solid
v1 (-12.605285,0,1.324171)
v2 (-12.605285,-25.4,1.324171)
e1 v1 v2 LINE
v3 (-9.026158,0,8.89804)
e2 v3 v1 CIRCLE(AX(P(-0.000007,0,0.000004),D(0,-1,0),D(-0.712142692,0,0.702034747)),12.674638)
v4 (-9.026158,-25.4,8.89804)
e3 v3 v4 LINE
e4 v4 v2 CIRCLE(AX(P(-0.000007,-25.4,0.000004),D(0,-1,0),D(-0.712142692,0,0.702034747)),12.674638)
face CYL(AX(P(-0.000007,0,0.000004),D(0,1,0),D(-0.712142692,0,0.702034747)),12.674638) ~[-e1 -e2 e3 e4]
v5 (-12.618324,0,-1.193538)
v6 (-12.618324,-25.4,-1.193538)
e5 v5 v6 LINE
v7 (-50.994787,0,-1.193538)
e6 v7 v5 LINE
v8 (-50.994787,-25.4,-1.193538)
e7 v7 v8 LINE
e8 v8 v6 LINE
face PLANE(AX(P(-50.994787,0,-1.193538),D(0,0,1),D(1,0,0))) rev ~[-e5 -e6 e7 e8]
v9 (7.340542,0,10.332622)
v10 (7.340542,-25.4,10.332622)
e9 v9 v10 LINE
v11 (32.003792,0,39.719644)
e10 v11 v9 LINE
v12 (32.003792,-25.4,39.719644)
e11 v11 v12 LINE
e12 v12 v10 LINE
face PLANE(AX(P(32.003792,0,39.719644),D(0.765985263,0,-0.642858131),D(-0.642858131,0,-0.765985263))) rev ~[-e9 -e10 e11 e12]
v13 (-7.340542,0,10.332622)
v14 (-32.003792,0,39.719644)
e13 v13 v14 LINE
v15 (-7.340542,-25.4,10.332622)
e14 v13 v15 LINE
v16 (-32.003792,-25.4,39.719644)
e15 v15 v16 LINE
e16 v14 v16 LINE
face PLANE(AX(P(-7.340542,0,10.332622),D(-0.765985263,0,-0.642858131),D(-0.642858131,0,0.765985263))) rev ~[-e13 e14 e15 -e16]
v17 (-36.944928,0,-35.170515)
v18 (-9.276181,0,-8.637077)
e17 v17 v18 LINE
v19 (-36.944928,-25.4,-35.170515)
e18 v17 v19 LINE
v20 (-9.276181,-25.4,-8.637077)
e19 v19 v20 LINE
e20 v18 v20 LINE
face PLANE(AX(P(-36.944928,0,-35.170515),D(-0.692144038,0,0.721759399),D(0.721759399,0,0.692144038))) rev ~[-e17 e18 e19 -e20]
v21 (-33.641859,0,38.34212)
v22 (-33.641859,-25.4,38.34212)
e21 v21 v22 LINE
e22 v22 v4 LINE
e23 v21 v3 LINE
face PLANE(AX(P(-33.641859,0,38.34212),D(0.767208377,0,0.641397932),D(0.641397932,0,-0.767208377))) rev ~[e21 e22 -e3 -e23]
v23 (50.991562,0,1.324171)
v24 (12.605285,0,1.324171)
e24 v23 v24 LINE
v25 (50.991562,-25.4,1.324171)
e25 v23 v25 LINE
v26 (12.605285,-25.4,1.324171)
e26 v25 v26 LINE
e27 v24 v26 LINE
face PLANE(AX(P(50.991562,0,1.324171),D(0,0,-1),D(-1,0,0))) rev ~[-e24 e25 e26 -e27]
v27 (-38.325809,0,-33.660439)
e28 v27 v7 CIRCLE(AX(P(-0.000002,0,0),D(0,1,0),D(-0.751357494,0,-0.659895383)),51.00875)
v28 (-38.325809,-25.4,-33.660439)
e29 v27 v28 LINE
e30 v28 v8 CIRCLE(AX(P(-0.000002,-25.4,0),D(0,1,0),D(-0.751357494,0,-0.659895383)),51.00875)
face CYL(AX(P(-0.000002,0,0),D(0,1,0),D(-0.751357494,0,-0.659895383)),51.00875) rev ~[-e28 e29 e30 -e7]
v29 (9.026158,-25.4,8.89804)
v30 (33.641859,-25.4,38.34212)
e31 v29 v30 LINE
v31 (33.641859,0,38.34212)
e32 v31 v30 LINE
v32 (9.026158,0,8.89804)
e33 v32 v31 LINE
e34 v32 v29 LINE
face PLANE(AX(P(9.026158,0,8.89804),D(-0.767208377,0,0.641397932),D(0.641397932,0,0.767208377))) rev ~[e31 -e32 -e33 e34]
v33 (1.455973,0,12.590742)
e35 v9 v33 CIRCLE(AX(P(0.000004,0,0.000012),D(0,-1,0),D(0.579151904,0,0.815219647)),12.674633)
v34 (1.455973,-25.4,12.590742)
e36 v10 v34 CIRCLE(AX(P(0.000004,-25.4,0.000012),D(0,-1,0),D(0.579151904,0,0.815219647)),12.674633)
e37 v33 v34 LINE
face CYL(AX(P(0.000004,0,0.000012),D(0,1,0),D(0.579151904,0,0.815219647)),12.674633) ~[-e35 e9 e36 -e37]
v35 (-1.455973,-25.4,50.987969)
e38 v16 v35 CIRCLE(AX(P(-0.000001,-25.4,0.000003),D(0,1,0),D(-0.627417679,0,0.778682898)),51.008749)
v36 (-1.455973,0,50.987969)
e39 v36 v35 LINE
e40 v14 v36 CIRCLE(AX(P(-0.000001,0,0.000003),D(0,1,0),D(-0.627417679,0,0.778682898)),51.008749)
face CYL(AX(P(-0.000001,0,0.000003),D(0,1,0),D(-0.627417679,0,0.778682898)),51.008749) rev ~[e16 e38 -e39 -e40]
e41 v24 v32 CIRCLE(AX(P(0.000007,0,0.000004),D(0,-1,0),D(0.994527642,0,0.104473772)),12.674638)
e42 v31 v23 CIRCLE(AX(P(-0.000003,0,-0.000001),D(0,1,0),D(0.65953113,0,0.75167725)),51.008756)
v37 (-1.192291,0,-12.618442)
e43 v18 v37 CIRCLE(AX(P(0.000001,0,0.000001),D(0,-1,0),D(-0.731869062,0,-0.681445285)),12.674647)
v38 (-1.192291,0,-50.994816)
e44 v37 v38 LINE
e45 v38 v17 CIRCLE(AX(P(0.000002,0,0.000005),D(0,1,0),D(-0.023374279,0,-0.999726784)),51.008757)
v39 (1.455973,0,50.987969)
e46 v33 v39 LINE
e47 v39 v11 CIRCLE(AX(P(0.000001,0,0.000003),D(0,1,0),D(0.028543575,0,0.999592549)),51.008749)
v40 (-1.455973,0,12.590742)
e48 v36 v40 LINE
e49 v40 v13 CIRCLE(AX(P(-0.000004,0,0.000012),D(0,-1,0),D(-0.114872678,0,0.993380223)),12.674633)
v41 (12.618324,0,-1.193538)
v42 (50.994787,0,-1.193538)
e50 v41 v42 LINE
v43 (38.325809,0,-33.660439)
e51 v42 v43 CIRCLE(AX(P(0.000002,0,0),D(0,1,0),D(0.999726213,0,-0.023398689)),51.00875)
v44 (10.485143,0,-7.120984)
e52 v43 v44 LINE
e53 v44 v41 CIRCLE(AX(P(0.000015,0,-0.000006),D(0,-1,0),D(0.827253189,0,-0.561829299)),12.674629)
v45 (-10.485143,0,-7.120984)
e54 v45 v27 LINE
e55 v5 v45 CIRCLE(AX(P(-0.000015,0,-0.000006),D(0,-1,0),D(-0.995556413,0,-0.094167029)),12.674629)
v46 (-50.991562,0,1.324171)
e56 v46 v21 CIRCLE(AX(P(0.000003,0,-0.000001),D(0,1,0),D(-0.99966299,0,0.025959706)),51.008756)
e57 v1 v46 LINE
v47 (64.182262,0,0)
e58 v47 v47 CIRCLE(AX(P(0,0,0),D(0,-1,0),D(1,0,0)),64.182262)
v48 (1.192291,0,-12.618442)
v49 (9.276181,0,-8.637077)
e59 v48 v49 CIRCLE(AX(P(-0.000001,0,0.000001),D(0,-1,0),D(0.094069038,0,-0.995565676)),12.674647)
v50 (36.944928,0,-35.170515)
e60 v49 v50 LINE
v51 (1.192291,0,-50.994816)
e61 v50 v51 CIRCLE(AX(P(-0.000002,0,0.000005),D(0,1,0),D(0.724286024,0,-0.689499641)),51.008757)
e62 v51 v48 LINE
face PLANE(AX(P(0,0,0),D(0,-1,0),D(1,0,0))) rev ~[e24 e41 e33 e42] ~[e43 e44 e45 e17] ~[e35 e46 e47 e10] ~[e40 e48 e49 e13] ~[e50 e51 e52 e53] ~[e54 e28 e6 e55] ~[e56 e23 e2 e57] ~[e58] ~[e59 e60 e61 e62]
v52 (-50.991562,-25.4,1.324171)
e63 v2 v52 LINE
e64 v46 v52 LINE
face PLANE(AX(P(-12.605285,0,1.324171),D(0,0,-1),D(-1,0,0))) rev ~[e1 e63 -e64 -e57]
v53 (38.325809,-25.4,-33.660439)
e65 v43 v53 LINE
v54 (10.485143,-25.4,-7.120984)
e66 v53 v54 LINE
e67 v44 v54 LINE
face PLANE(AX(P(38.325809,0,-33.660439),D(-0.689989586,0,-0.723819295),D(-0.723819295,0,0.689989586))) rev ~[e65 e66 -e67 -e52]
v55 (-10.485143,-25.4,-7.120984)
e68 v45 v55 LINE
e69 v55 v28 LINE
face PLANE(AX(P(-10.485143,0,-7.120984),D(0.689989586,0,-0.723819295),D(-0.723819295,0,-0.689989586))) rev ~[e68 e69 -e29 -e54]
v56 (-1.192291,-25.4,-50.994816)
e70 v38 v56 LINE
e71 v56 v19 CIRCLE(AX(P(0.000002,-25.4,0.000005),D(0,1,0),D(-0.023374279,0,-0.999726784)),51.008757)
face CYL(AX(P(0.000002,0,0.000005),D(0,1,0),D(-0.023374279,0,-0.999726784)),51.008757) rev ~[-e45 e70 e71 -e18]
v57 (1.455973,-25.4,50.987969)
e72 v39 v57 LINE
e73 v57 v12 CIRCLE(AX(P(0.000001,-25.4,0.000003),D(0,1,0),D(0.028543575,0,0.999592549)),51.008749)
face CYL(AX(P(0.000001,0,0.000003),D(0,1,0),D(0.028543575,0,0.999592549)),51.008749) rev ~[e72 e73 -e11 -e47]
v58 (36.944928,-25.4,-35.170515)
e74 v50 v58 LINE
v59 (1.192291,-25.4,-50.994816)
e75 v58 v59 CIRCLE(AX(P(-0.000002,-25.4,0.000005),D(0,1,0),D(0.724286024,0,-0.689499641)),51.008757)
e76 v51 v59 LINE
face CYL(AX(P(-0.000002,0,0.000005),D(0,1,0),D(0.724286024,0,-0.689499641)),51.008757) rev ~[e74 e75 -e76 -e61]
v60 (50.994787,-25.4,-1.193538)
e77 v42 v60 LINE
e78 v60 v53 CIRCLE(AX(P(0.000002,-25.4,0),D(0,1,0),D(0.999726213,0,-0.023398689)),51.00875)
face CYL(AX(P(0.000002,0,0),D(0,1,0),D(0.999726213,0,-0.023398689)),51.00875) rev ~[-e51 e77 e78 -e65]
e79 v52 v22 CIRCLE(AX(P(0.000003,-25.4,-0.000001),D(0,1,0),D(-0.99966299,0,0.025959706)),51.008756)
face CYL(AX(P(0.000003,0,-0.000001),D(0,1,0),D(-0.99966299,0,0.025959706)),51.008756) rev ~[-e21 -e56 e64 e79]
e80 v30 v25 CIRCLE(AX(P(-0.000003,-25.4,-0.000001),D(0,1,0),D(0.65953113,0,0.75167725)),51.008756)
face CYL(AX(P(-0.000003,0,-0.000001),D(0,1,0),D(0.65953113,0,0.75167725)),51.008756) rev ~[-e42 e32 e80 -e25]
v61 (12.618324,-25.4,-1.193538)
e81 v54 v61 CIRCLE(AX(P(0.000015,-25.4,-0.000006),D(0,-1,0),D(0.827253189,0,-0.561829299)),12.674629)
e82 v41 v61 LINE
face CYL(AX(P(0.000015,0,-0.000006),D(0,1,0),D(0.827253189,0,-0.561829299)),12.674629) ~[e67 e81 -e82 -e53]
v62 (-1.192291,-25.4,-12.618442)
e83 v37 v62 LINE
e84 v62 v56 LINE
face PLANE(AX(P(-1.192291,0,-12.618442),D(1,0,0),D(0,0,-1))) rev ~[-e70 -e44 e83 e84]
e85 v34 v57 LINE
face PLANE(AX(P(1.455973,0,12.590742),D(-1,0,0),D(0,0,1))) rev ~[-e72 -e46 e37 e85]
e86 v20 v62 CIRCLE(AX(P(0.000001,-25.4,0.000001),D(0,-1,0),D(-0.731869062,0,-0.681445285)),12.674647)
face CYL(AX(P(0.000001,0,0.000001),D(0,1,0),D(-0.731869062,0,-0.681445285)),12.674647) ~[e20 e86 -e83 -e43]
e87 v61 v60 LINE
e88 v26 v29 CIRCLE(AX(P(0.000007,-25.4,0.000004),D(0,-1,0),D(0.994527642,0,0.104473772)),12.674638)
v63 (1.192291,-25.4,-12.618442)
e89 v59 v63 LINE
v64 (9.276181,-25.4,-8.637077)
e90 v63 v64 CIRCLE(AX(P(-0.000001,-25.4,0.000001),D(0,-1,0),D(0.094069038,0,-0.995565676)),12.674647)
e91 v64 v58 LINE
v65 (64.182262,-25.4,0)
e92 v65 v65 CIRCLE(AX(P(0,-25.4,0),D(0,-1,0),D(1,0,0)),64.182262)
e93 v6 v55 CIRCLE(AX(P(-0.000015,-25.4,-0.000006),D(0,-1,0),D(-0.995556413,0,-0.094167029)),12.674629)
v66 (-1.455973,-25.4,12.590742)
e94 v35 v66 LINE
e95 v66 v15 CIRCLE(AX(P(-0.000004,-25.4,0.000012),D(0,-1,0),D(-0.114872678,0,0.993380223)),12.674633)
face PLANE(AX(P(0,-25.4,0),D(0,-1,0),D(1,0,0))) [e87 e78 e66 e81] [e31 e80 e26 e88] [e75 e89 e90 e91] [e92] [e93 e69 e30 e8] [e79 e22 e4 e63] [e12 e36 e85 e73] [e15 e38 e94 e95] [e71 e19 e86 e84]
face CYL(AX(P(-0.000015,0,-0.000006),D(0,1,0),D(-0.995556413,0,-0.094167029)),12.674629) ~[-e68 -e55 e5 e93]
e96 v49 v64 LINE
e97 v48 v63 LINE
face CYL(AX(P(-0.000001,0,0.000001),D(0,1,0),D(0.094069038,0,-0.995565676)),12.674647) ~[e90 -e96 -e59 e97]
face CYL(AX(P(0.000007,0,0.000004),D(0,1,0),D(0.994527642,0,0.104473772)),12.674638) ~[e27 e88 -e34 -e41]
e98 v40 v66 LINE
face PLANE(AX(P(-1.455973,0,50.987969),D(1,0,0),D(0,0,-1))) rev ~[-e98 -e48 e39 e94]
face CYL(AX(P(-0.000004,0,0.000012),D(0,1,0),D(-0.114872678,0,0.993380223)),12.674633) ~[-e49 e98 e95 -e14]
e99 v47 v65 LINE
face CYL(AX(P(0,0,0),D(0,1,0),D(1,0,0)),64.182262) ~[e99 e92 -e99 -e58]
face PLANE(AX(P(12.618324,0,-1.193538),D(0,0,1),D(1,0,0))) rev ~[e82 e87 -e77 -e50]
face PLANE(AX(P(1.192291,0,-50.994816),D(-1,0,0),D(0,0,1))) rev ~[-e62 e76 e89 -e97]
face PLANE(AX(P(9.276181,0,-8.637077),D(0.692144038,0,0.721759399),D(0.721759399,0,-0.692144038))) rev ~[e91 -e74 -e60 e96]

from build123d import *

# Parameters (mm, degrees)
F0_R     = 64.182262
F1_DEPTH = 25.4


with BuildPart() as f1:
    # F0 (on Front) → F1 (new body)
    with BuildSketch(Plane.XZ):
        Circle(F0_R)
        with BuildLine():
            ThreePointArc((50.991562, 1.324171), (51.004455, 0.662141), (51.008752, 0))
            ThreePointArc((51.008752, 0), (51.005261, -0.59681), (50.994787, -1.193538))
            ThreePointArc((50.994787, -1.193538), (47.519124, -18.542537), (38.325809, -33.660439))
            ThreePointArc((38.325809, -33.660439), (37.642941, -34.422402), (36.944928, -35.170515))
            ThreePointArc((36.944928, -35.170515), (20.644951, -46.644172), (1.192291, -50.994816))
            ThreePointArc((1.192291, -50.994816), (0, -51.008752), (-1.192291, -50.994816))
            ThreePointArc((-1.192291, -50.994816), (-20.644951, -46.644172), (-36.944928, -35.170515))
            ThreePointArc((-36.944928, -35.170515), (-37.642941, -34.422402), (-38.325809, -33.660439))
            ThreePointArc((-38.325809, -33.660439), (-47.519124, -18.542537), (-50.994787, -1.193538))
            ThreePointArc((-50.994787, -1.193538), (-51.00871, 0.065336), (-50.991562, 1.324171))
            ThreePointArc((-50.991562, 1.324171), (-46.18751, 21.647326), (-33.641859, 38.34212))
            ThreePointArc((-33.641859, 38.34212), (-32.830051, 39.039474), (-32.003792, 39.719644))
            ThreePointArc((-32.003792, 39.719644), (-17.653123, 47.856662), (-1.455973, 50.987969))
            ThreePointArc((-1.455973, 50.987969), (0, 51.008752), (1.455973, 50.987969))
            ThreePointArc((1.455973, 50.987969), (17.653123, 47.856662), (32.003792, 39.719644))
            ThreePointArc((32.003792, 39.719644), (32.830051, 39.039474), (33.641859, 38.34212))
            ThreePointArc((33.641859, 38.34212), (46.18751, 21.647326), (50.991562, 1.324171))
        make_face(mode=Mode.SUBTRACT)
        with BuildLine():
            Line((-7.340542, 10.332622), (-32.003792, 39.719644))
            ThreePointArc((-32.003792, 39.719644), (-32.830051, 39.039474), (-33.641859, 38.34212))
            Line((-33.641859, 38.34212), (-9.026158, 8.89804))
            ThreePointArc((-9.026158, 8.89804), (-8.214726, 9.652197), (-7.340542, 10.332622))
        make_face()
        with BuildLine():
            Line((1.455973, 12.590742), (1.455973, 50.987969))
            ThreePointArc((1.455973, 50.987969), (0, 51.008752), (-1.455973, 50.987969))
            Line((-1.455973, 50.987969), (-1.455973, 12.590742))
            ThreePointArc((-1.455973, 12.590742), (0, 12.674646), (1.455973, 12.590742))
        make_face()
        with BuildLine():
            Line((9.026158, 8.89804), (33.641859, 38.34212))
            ThreePointArc((33.641859, 38.34212), (32.830051, 39.039474), (32.003792, 39.719644))
            Line((32.003792, 39.719644), (7.340542, 10.332622))
            ThreePointArc((7.340542, 10.332622), (8.214726, 9.652197), (9.026158, 8.89804))
        make_face()
        with BuildLine():
            ThreePointArc((12.674646, 0), (12.657294, 0.662993), (12.605285, 1.324171))
            ThreePointArc((12.605285, 1.324171), (11.459525, 5.415343), (9.026158, 8.89804))
            ThreePointArc((9.026158, 8.89804), (8.214726, 9.652197), (7.340542, 10.332622))
            ThreePointArc((7.340542, 10.332622), (4.540864, 11.833309), (1.455973, 12.590742))
            ThreePointArc((1.455973, 12.590742), (0, 12.674646), (-1.455973, 12.590742))
            ThreePointArc((-1.455973, 12.590742), (-4.540864, 11.833309), (-7.340542, 10.332622))
            ThreePointArc((-7.340542, 10.332622), (-8.214726, 9.652197), (-9.026158, 8.89804))
            ThreePointArc((-9.026158, 8.89804), (-11.459525, 5.415343), (-12.605285, 1.324171))
            ThreePointArc((-12.605285, 1.324171), (-12.674476, 0.065641), (-12.618324, -1.193538))
            ThreePointArc((-12.618324, -1.193538), (-11.925863, -4.291904), (-10.485143, -7.120984))
            ThreePointArc((-10.485143, -7.120984), (-9.909698, -7.902185), (-9.276181, -8.637077))
            ThreePointArc((-9.276181, -8.637077), (-5.600004, -11.370426), (-1.192291, -12.618442))
            ThreePointArc((-1.192291, -12.618442), (0, -12.674646), (1.192291, -12.618442))
            ThreePointArc((1.192291, -12.618442), (5.600004, -11.370426), (9.276181, -8.637077))
            ThreePointArc((9.276181, -8.637077), (9.909698, -7.902185), (10.485143, -7.120984))
            ThreePointArc((10.485143, -7.120984), (11.925863, -4.291904), (12.618324, -1.193538))
            ThreePointArc((12.618324, -1.193538), (12.660557, -0.597433), (12.674646, 0))
        make_face()
        with BuildLine():
            ThreePointArc((50.994787, -1.193538), (51.005261, -0.59681), (51.008752, 0))
            ThreePointArc((51.008752, 0), (51.004455, 0.662141), (50.991562, 1.324171))
            Line((50.991562, 1.324171), (12.605285, 1.324171))
            ThreePointArc((12.605285, 1.324171), (12.657294, 0.662993), (12.674646, 0))
            ThreePointArc((12.674646, 0), (12.660557, -0.597433), (12.618324, -1.193538))
            Line((12.618324, -1.193538), (50.994787, -1.193538))
        make_face()
        with BuildLine():
            ThreePointArc((36.944928, -35.170515), (37.642941, -34.422402), (38.325809, -33.660439))
            Line((38.325809, -33.660439), (10.485143, -7.120984))
            ThreePointArc((10.485143, -7.120984), (9.909698, -7.902185), (9.276181, -8.637077))
            Line((9.276181, -8.637077), (36.944928, -35.170515))
        make_face()
        with BuildLine():
            ThreePointArc((-1.192291, -50.994816), (0, -51.008752), (1.192291, -50.994816))
            Line((1.192291, -50.994816), (1.192291, -12.618442))
            ThreePointArc((1.192291, -12.618442), (0, -12.674646), (-1.192291, -12.618442))
            Line((-1.192291, -12.618442), (-1.192291, -50.994816))
        make_face()
        with BuildLine():
            ThreePointArc((-38.325809, -33.660439), (-37.642941, -34.422402), (-36.944928, -35.170515))
            Line((-36.944928, -35.170515), (-9.276181, -8.637077))
            ThreePointArc((-9.276181, -8.637077), (-9.909698, -7.902185), (-10.485143, -7.120984))
            Line((-10.485143, -7.120984), (-38.325809, -33.660439))
        make_face()
        with BuildLine():
            Line((-12.605285, 1.324171), (-50.991562, 1.324171))
            ThreePointArc((-50.991562, 1.324171), (-51.00871, 0.065336), (-50.994787, -1.193538))
            Line((-50.994787, -1.193538), (-12.618324, -1.193538))
            ThreePointArc((-12.618324, -1.193538), (-12.674476, 0.065641), (-12.605285, 1.324171))
        make_face()
    extrude(amount=F1_DEPTH)


solid = f1.part
